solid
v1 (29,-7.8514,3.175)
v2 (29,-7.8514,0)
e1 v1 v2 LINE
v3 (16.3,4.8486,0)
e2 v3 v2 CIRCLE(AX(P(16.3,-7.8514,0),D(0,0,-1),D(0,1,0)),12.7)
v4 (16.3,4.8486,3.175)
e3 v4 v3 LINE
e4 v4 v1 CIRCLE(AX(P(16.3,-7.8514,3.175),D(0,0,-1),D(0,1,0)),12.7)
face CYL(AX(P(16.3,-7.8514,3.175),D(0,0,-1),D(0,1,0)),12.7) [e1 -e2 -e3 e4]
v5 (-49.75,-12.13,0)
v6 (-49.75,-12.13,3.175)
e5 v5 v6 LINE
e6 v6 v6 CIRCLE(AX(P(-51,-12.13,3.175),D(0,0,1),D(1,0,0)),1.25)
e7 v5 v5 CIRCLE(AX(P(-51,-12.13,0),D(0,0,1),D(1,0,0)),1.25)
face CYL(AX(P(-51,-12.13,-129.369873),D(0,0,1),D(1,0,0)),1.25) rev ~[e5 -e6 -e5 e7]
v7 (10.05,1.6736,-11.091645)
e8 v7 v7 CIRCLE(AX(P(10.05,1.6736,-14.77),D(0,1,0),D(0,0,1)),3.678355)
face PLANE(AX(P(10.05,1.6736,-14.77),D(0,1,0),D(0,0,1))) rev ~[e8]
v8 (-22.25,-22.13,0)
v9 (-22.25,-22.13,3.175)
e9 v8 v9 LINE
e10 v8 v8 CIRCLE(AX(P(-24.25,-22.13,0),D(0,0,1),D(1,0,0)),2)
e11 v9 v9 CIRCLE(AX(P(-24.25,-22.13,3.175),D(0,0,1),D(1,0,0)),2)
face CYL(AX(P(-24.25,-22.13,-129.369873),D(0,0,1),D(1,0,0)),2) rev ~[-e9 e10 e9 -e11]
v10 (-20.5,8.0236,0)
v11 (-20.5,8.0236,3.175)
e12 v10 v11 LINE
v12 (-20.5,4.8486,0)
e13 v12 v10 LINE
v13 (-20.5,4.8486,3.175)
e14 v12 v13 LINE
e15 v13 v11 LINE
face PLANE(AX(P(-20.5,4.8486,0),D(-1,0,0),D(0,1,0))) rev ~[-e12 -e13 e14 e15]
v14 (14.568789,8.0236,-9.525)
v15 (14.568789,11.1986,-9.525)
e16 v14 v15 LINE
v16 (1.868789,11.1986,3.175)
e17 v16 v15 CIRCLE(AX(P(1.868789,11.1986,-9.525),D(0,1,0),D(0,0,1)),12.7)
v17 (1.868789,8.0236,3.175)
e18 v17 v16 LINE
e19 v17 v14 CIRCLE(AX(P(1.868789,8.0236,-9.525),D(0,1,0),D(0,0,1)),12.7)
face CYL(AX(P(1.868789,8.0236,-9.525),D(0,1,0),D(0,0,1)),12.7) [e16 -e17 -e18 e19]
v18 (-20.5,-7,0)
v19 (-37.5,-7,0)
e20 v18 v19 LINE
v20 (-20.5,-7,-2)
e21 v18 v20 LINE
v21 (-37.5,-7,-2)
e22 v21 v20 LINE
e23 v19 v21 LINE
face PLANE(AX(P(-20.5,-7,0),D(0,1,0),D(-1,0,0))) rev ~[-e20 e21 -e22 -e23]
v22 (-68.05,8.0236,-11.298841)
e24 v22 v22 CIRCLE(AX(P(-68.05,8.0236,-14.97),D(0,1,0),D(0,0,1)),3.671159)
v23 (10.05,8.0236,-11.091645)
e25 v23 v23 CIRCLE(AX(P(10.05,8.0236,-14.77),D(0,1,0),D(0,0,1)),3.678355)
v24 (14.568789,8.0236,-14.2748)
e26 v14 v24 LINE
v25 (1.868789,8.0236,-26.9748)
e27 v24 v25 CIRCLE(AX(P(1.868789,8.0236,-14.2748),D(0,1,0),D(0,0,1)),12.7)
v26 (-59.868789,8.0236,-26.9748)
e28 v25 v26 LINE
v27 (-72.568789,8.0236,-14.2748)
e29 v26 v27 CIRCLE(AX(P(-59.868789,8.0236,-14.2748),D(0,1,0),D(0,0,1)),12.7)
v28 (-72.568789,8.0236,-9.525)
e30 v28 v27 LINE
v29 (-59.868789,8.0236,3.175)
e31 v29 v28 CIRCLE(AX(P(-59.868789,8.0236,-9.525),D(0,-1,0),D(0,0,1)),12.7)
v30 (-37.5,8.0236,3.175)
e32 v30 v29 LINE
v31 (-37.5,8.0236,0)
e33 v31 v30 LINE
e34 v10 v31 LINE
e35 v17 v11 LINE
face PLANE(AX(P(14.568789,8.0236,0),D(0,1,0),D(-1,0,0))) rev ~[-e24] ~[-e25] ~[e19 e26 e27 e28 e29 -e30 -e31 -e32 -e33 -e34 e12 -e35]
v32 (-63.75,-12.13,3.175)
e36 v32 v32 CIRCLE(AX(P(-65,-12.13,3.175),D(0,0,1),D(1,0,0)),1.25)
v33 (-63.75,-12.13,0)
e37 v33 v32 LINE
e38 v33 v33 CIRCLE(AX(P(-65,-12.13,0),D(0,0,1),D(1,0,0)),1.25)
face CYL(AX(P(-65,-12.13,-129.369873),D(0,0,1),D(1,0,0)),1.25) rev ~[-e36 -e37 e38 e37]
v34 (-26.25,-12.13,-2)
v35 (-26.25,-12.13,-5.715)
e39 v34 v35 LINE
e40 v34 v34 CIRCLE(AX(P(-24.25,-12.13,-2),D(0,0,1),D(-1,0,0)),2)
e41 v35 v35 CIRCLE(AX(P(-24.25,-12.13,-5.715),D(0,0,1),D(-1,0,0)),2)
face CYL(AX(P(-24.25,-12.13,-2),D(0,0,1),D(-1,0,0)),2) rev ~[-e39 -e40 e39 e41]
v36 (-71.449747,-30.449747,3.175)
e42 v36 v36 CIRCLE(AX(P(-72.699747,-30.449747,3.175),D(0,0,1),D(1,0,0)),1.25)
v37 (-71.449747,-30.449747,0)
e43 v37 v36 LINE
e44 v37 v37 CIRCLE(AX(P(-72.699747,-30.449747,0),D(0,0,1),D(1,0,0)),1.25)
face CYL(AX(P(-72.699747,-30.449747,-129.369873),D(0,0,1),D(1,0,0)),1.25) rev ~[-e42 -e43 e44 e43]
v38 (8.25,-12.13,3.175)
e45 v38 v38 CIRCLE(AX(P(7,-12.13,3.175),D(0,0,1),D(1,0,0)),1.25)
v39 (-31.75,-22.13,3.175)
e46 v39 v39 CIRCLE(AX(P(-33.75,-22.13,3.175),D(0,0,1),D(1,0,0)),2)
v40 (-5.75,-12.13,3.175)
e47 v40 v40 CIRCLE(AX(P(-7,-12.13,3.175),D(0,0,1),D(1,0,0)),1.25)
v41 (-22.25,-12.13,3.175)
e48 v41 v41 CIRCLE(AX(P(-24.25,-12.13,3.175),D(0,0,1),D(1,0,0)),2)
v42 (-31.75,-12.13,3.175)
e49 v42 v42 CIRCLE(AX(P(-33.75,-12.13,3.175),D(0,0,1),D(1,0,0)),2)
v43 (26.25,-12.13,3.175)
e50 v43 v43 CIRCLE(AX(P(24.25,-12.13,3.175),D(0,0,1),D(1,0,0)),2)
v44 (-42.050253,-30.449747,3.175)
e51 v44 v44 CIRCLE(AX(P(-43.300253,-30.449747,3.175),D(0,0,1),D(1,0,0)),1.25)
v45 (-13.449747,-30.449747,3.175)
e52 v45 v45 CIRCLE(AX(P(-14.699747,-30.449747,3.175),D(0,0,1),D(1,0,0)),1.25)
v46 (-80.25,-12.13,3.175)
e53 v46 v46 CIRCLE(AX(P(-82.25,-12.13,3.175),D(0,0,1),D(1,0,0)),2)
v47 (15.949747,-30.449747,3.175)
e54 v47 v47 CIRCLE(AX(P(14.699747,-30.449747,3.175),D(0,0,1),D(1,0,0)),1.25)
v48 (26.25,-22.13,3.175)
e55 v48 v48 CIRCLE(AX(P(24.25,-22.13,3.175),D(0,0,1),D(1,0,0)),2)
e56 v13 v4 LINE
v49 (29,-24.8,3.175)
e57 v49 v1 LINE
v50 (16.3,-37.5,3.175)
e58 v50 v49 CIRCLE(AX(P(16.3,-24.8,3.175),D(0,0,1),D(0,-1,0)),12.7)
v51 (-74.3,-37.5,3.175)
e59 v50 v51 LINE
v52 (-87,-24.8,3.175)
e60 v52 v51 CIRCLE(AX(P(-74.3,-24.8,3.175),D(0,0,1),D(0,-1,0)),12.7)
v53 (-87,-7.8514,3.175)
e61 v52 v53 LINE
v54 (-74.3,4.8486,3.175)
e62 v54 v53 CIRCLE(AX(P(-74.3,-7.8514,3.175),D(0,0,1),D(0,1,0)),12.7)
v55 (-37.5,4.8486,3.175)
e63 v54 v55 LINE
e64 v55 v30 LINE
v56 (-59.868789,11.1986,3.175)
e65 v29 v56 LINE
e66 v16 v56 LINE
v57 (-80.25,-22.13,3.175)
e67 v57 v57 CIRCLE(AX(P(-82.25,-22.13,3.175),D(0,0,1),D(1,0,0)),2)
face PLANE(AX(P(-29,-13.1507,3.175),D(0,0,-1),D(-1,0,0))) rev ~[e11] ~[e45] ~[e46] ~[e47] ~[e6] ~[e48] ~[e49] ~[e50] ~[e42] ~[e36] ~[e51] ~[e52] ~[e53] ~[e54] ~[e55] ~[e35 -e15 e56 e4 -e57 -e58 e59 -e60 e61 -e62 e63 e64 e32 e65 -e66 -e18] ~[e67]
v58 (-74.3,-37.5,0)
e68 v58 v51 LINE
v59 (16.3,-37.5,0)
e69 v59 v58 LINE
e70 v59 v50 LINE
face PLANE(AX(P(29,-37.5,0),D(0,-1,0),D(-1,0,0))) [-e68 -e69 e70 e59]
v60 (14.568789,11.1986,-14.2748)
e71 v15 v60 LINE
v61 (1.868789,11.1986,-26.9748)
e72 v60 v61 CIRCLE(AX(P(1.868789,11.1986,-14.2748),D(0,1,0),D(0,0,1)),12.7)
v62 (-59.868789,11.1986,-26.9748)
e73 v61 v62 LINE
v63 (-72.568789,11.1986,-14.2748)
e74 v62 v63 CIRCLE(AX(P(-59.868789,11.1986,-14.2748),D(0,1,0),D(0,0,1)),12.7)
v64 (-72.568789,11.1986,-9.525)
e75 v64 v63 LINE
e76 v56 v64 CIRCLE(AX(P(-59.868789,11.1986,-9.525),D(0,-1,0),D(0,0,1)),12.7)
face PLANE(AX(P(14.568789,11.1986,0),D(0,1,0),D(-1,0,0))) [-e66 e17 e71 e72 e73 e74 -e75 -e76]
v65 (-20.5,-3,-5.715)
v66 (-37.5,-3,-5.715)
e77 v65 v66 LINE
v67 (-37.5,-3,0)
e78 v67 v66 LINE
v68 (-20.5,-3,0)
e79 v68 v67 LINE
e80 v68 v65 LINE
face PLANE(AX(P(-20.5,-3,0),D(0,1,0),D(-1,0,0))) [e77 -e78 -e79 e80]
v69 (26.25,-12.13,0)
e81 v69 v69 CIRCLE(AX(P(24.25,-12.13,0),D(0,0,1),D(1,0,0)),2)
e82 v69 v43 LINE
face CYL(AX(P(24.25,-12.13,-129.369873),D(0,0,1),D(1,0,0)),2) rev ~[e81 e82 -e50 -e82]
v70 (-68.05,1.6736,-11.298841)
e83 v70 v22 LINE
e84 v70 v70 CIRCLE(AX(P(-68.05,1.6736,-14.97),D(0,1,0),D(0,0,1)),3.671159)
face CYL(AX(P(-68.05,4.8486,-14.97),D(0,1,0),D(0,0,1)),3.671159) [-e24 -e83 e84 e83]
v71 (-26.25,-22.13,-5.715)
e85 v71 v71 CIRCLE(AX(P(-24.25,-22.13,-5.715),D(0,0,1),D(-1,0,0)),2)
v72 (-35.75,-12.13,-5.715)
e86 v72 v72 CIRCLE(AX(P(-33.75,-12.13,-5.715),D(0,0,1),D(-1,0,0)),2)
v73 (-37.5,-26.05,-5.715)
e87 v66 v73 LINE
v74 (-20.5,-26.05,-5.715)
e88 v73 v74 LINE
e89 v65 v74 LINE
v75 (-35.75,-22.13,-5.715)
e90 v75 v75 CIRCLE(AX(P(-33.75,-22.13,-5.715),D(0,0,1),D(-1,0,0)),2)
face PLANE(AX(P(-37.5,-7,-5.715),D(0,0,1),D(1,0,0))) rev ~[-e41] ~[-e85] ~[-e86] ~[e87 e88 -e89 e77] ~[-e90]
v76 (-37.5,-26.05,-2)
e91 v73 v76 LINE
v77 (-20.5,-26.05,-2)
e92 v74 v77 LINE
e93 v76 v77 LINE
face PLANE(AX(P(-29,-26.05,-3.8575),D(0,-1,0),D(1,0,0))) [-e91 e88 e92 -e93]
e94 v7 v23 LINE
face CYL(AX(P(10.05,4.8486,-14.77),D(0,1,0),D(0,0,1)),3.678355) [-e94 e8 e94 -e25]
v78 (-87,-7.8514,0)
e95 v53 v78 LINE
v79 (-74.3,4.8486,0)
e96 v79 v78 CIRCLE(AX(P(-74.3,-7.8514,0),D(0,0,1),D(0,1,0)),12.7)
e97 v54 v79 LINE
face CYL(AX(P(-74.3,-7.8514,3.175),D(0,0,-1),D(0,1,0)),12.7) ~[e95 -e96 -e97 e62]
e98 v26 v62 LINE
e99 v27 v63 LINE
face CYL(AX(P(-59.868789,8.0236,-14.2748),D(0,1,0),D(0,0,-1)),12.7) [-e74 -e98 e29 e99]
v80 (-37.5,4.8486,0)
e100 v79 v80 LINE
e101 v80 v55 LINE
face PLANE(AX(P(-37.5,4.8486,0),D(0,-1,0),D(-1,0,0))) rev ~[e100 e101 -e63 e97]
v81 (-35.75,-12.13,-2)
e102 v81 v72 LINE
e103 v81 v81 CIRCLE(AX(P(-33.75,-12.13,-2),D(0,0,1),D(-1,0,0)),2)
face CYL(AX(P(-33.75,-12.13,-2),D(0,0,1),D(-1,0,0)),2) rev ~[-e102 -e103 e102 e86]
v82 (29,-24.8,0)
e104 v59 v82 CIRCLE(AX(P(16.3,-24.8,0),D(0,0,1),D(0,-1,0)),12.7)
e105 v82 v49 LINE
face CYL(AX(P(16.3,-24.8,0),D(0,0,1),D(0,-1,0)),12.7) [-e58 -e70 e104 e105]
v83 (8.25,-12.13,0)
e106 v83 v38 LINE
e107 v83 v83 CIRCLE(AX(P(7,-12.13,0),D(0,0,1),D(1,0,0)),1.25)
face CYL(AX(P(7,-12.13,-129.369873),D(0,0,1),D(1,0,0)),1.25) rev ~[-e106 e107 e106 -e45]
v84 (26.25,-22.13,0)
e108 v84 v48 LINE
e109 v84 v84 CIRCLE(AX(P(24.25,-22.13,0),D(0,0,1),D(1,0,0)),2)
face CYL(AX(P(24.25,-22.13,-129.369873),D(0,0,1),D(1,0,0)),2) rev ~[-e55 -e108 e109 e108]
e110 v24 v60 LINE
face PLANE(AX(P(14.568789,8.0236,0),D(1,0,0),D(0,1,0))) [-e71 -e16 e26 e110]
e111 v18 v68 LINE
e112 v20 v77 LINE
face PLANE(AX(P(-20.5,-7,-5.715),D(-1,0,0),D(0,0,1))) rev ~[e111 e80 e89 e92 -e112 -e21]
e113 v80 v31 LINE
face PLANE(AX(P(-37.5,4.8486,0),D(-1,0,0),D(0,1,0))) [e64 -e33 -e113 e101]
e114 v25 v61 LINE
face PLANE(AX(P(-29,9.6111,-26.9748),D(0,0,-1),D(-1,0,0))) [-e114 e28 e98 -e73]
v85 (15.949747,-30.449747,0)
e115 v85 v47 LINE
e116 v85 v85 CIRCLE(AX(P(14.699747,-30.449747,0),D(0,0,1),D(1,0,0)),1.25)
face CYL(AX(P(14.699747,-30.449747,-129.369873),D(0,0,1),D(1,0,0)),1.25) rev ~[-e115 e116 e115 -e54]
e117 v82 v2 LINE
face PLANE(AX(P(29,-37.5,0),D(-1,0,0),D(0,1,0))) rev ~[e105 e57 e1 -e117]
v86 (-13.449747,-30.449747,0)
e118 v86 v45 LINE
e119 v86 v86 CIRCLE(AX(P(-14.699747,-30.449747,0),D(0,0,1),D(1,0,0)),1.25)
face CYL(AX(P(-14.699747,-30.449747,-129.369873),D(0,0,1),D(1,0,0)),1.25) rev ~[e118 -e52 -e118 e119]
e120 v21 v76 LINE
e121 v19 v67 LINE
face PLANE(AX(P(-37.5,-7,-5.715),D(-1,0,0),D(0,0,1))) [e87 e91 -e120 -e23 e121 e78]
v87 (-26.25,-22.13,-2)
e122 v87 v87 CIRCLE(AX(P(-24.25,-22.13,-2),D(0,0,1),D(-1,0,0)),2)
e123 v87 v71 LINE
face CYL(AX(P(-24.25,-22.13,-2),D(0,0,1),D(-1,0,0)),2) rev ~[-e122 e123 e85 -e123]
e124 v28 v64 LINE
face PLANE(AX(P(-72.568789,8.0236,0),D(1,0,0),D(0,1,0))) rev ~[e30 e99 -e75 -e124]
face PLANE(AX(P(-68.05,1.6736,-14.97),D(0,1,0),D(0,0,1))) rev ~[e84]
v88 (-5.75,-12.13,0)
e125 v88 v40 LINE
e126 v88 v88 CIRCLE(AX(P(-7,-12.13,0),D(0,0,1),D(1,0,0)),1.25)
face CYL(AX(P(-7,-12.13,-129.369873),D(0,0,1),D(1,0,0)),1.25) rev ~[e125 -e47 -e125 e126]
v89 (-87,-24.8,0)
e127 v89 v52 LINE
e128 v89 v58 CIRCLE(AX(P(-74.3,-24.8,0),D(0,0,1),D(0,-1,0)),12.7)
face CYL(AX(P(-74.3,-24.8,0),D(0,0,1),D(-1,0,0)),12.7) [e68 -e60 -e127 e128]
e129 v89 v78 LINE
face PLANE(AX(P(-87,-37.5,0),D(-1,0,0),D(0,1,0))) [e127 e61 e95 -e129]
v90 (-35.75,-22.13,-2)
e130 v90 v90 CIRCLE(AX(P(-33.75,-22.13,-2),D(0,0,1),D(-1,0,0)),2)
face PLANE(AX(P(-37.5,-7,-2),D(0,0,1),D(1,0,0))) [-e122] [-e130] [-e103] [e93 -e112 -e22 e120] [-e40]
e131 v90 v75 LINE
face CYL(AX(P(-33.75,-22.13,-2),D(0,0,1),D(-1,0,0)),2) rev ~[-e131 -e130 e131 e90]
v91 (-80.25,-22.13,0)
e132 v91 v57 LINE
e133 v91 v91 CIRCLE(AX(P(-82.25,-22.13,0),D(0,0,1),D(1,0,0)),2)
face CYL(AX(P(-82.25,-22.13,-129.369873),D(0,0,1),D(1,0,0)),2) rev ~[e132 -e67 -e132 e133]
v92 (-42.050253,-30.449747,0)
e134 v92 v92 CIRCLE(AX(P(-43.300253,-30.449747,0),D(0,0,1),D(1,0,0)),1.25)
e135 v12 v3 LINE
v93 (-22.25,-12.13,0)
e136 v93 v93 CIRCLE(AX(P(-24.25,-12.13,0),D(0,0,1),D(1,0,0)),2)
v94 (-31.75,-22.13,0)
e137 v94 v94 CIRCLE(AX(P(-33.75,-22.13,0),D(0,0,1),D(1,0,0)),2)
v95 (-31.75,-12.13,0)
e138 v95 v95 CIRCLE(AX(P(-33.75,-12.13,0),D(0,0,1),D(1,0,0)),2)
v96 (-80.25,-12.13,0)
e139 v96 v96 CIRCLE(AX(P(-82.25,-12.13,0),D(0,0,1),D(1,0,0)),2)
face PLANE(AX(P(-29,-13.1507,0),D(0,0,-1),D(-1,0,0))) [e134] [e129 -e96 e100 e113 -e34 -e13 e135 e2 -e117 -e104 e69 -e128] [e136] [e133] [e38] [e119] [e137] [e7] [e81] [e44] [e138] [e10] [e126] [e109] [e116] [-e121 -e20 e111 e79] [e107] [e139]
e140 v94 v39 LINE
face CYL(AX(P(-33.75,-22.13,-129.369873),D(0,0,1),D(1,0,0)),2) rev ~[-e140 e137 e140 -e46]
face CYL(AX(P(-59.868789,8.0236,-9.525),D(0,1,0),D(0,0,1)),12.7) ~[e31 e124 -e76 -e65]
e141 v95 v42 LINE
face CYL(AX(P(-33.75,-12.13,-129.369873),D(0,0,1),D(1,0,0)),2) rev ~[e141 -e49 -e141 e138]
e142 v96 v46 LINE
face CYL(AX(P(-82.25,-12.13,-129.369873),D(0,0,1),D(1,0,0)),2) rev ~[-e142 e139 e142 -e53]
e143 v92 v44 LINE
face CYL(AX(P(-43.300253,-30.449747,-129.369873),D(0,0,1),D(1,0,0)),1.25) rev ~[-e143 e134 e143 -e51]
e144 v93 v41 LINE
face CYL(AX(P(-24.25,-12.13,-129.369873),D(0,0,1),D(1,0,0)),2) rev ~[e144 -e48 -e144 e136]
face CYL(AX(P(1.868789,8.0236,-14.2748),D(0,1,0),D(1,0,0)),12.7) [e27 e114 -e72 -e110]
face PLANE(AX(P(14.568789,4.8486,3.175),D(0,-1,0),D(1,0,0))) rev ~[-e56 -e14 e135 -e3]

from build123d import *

# Parameters (mm, degrees)
SKETCH1_W             = 116
SKETCH1_H             = 48.6986
BOSS_EXTRUDE1_DEPTH   = 3.175
SKETCH2_W             = 14.431210835
SKETCH2_H             = 6.35
CUT_EXTRUDE1_DEPTH    = 95.79098388
SKETCH3_W             = 14.431210835
SKETCH3_H             = 6.35
CUT_EXTRUDE2_DEPTH    = 95.79098388
SKETCH4_W             = 87.13757833
SKETCH4_H             = 3.175
BOSS_EXTRUDE2_DEPTH   = 26.9748
SKETCH5_W             = 3.678354521
SKETCH5_H             = 6.35
SKETCH6_W             = 3.671158805
SKETCH6_H             = 6.35
F_2_CLEARANCE_HOLE1_D = 2.5
F_6_CLEARANCE_HOLE1_D = 4
SKETCH11_W            = 17
SKETCH11_H            = 4
BOSS_EXTRUDE3_DEPTH   = 5.715
SKETCH12_W            = 17
SKETCH12_H            = 3.715
BOSS_EXTRUDE4_DEPTH   = 19.05
SKETCH13_R            = 2
CUT_EXTRUDE3_DEPTH    = 98.974438682
SKETCH14_W            = 35.068789165
SKETCH14_H            = 3.175
CUT_EXTRUDE4_DEPTH    = 3.175
FILLET1_R             = 12.7


with BuildPart() as part:
    # Sketch1 → Boss-Extrude1 (new body)
    with BuildSketch(Plane(origin=(0, 0, 0), x_dir=(-1, 0, 0), z_dir=(0, 0, -1))):
        with Locations((29, -13.1507)):
            Rectangle(SKETCH1_W, SKETCH1_H)
    extrude(amount=-BOSS_EXTRUDE1_DEPTH)

    # Sketch2 → Cut-Extrude1 (cut, through all)
    with BuildSketch(Plane.XY.offset(3.175)):
        with Locations((21.784394583, 8.0236)):
            Rectangle(SKETCH2_W, SKETCH2_H)
    extrude(amount=-CUT_EXTRUDE1_DEPTH, mode=Mode.SUBTRACT)

    # Sketch3 → Cut-Extrude2 (cut, through all)
    with BuildSketch(Plane.XY.offset(3.175)):
        with Locations((-79.784394582, 8.0236)):
            Rectangle(SKETCH3_W, SKETCH3_H)
    extrude(amount=-CUT_EXTRUDE2_DEPTH, mode=Mode.SUBTRACT)

    # Sketch4 → Boss-Extrude2 (add)
    with BuildSketch(Plane(origin=(0, 0, 0), x_dir=(-1, 0, 0), z_dir=(0, 0, -1))):
        with Locations((29, 9.6111)):
            Rectangle(SKETCH4_W, SKETCH4_H)
    extrude(amount=BOSS_EXTRUDE2_DEPTH)

    # Sketch5 → Revolve1 (revolve)
    with BuildSketch(Plane(origin=(0, 0, -14.77), x_dir=(-1, 0, 0), z_dir=(0, 0, -1)), mode=Mode.PRIVATE) as revolve1_sk:
        with Locations((-11.889177261, 4.8486)):
            Rectangle(SKETCH5_W, SKETCH5_H)
    revolve(revolve1_sk.sketch.rotate(Axis((10.05, 1.6736, -14.77), (0, 1, 0)), 270), axis=Axis((10.05, 1.6736, -14.77), (0, 1, 0)))

    # Sketch6 → Revolve2 (revolve)
    with BuildSketch(Plane(origin=(0, 0, -14.97), x_dir=(-1, 0, 0), z_dir=(0, 0, -1)), mode=Mode.PRIVATE) as revolve2_sk:
        with Locations((66.214420598, 4.8486)):
            Rectangle(SKETCH6_W, SKETCH6_H)
    revolve(revolve2_sk.sketch.rotate(Axis((-68.05, 1.6736, -14.97), (0, 1, 0)), 270), axis=Axis((-68.05, 1.6736, -14.97), (0, 1, 0)))

    # #2 Clearance Hole1 (through all)
    with Locations(Plane(origin=(0, 0, 0), x_dir=(-1, 0, 0), z_dir=(0, 0, -1))):
        with Locations((72.699747468, -30.449747468), (65, -12.13), (51, -12.13), (43.300252532, -30.449747468), (14.699747468, -30.449747468), (7, -12.13), (-7, -12.13), (-14.699747468, -30.449747468)):
            Hole(F_2_CLEARANCE_HOLE1_D / 2)

    # #6 Clearance Hole1 (through all)
    with Locations(Plane(origin=(0, 0, 0), x_dir=(-1, 0, 0), z_dir=(0, 0, -1))):
        with Locations((33.75, -22.13), (82.25, -12.13), (82.25, -22.13), (-24.25, -12.13), (24.25, -12.13), (24.25, -22.13), (33.75, -12.13), (-24.25, -22.13)):
            Hole(F_6_CLEARANCE_HOLE1_D / 2)

    # Sketch11 → Boss-Extrude3 (add)
    with BuildSketch(Plane(origin=(0, 0, 0), x_dir=(-1, 0, 0), z_dir=(0, 0, -1))):
        with Locations((29, -5)):
            Rectangle(SKETCH11_W, SKETCH11_H)
    extrude(amount=BOSS_EXTRUDE3_DEPTH)

    # Sketch12 → Boss-Extrude4 (add)
    with BuildSketch(Plane.XZ.offset(7)):
        with Locations((-29, -3.8575)):
            Rectangle(SKETCH12_W, SKETCH12_H)
    extrude(amount=BOSS_EXTRUDE4_DEPTH)

    # Sketch13 → Cut-Extrude3 (cut, through all)
    with BuildSketch(Plane.XY.offset(-2)):
        with Locations(Location((-33.75, -12.13, 0), (0, 0, 180))):
            Circle(SKETCH13_R)
        with Locations(Location((-24.25, -12.13, 0), (0, 0, 180))):
            Circle(SKETCH13_R)
        with Locations(Location((-24.25, -22.13, 0), (0, 0, 180))):
            Circle(SKETCH13_R)
        with Locations(Location((-33.75, -22.13, 0), (0, 0, 180))):
            Circle(SKETCH13_R)
    extrude(amount=-CUT_EXTRUDE3_DEPTH, mode=Mode.SUBTRACT)

    # Sketch14 → Cut-Extrude4 (cut)
    with BuildSketch(Plane(origin=(0, 0, 0), x_dir=(-1, 0, 0), z_dir=(0, 0, -1))):
        with Locations((2.965605417, 6.4361)):
            Rectangle(SKETCH14_W, SKETCH14_H)
        with Locations((55.034394582, 6.4361)):
            Rectangle(SKETCH14_W, SKETCH14_H)
    extrude(amount=-CUT_EXTRUDE4_DEPTH, mode=Mode.SUBTRACT)

    # Fillet1
    fillet1_edges = [part.edges().sort_by_distance(p)[0] for p in [
        (29, 4.8486, 1.5875),
        (14.568789165, 9.6111, 3.175),
        (-72.568789165, 9.6111, 3.175),
        (-87, 4.8486, 1.5875),
        (-72.568789165, 9.6111, -26.9748),
        (14.568789165, 9.6111, -26.9748),
        (29, -37.5, 1.5875),
        (-87, -37.5, 1.5875),
    ]]
    fillet(fillet1_edges, radius=FILLET1_R)


solid = part.part
